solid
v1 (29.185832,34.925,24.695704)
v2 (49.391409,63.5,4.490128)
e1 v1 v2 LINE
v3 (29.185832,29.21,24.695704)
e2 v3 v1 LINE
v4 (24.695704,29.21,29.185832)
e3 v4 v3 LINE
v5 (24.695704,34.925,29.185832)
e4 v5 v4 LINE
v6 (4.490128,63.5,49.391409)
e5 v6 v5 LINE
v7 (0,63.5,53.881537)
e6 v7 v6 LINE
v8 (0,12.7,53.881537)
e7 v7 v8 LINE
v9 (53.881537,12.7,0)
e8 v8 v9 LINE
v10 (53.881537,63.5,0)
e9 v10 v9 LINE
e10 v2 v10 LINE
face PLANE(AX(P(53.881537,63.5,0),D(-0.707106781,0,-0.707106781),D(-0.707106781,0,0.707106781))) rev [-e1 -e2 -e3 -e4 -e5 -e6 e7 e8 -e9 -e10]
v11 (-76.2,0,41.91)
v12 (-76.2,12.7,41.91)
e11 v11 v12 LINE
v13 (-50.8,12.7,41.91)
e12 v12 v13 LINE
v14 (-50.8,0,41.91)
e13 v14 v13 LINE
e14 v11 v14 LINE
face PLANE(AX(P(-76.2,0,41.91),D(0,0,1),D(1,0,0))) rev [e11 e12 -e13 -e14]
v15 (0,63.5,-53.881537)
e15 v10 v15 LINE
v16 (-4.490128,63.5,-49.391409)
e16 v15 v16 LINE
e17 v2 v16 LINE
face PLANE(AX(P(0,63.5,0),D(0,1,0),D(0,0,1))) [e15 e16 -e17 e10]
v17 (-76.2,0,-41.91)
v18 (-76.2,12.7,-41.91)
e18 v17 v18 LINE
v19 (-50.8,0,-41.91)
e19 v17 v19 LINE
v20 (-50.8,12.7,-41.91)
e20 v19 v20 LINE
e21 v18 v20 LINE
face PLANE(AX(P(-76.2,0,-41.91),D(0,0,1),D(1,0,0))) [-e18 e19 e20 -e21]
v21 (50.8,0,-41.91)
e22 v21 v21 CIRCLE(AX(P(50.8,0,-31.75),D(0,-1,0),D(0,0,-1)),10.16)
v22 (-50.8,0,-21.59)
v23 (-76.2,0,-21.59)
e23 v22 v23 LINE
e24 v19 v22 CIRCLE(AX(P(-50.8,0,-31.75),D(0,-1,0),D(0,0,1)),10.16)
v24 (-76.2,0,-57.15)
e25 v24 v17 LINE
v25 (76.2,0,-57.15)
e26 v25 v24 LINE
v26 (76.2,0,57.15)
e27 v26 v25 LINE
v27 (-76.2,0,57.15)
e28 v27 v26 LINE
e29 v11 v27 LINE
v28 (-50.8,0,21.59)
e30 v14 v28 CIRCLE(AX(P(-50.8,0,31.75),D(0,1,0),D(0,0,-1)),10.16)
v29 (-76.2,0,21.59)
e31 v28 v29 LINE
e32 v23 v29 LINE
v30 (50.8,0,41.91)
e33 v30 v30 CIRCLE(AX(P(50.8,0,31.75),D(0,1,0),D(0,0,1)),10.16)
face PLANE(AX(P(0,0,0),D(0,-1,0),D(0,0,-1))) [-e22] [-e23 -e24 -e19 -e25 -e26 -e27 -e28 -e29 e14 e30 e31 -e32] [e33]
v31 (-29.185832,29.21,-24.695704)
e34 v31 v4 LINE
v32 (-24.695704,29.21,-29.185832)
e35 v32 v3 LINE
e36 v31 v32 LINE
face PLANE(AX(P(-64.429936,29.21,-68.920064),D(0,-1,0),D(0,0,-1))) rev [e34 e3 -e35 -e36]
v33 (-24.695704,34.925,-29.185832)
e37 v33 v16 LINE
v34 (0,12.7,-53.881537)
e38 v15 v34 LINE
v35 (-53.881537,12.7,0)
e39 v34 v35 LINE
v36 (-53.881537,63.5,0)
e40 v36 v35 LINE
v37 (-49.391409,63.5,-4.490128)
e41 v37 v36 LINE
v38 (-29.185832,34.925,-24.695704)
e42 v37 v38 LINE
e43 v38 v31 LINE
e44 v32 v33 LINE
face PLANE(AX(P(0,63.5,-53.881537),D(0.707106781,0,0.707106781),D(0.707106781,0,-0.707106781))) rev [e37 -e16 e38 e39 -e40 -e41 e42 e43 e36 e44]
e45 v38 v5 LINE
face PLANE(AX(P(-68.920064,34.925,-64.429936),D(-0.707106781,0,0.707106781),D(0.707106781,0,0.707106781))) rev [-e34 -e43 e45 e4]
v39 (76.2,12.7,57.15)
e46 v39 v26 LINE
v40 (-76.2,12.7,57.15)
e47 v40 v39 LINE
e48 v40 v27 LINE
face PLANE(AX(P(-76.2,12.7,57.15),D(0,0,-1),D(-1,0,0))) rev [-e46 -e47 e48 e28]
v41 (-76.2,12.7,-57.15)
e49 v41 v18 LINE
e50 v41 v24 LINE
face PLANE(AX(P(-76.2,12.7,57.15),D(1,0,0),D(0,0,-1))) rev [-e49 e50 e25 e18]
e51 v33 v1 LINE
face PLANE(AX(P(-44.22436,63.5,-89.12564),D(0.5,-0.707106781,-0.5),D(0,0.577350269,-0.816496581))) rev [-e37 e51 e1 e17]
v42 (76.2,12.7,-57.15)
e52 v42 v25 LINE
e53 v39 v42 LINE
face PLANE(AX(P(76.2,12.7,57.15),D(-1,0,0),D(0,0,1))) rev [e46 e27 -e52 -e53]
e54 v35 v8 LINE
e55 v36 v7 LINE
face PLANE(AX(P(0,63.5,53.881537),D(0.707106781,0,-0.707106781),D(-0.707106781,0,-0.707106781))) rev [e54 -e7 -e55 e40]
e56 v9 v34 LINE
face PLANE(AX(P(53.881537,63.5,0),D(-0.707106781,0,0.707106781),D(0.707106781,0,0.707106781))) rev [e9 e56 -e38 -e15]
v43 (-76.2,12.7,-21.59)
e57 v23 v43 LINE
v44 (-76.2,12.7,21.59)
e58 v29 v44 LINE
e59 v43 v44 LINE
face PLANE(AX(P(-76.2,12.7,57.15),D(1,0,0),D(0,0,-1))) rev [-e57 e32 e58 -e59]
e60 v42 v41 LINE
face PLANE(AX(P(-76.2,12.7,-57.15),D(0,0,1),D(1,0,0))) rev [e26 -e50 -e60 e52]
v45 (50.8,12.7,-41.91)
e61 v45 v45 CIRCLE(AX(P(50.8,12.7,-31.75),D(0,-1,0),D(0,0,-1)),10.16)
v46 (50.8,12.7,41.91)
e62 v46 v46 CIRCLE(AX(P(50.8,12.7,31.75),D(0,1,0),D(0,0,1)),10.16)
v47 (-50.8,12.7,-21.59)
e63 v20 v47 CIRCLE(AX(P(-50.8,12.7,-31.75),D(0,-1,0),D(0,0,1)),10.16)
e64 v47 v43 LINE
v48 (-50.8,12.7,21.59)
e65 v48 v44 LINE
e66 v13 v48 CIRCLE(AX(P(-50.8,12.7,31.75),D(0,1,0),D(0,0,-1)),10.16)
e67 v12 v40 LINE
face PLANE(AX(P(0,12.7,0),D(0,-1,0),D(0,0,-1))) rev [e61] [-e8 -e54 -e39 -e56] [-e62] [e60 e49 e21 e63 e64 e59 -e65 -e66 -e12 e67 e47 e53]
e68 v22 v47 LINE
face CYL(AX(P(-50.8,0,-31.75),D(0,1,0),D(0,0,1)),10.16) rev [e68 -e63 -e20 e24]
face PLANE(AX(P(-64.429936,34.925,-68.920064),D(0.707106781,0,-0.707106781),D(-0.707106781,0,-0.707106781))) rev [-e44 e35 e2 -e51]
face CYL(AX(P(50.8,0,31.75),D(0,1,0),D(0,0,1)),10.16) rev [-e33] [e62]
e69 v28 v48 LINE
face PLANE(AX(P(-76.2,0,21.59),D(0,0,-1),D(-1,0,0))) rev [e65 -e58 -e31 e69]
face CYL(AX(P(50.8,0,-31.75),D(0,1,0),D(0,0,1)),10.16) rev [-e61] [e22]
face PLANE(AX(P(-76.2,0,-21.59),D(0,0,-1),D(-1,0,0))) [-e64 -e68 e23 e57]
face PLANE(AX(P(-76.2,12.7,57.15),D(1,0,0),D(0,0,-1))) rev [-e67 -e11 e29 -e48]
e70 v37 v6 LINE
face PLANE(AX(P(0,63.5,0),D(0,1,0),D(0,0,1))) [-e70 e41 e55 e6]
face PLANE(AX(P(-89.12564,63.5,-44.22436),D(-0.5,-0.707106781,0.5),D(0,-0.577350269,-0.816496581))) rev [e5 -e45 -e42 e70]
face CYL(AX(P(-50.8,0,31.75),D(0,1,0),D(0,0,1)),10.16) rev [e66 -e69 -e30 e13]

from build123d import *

# Parameters (mm, degrees)
CROQUIS1_W              = 152.4
CROQUIS1_H              = 114.3
SALIENTE_EXTRUIR1_DEPTH = 12.7
CROQUIS3_R              = 10.16
CORTAR_EXTRUIR1_DEPTH   = 97.092936785
SALIENTE_EXTRUIR2_DEPTH = 50.8
CORTAR_EXTRUIR2_DEPTH   = 148.45007773


with BuildPart() as part:
    # Croquis1 → Saliente-Extruir1 (new body)
    with BuildSketch(Plane(origin=(0, 0, 0), x_dir=(1, 0, 0), z_dir=(0, 1, 0))):
        Rectangle(CROQUIS1_W, CROQUIS1_H)
    extrude(amount=SALIENTE_EXTRUIR1_DEPTH)

    # Croquis3 → Cortar-Extruir1 (cut, through all)
    with BuildSketch(Plane(origin=(0, 12.7, 0), x_dir=(1, 0, 0), z_dir=(0, 1, 0))):
        with Locations(Location((50.8, -31.75, 0), (0, 0, 270))):
            Circle(CROQUIS3_R)
        with BuildLine():
            Line((-76.2, -21.59), (-50.8, -21.59))
            ThreePointArc((-50.8, -21.59), (-40.64, -31.75), (-50.8, -41.91))
            Line((-50.8, -41.91), (-76.2, -41.91))
            Line((-76.2, -41.91), (-76.2, -21.59))
        make_face()
    cortar_extruir1 = extrude(amount=-CORTAR_EXTRUIR1_DEPTH, mode=Mode.SUBTRACT)

    # Simetría1: Cortar-Extruir1 across plane
    add(cortar_extruir1.mirror(Plane.XY), mode=Mode.SUBTRACT)

    # Croquis4 → Saliente-Extruir2 (add)
    with BuildSketch(Plane(origin=(0, 12.7, 0), x_dir=(1, 0, 0), z_dir=(0, 1, 0))):
        Polygon((53.881536726, 0), (0, -53.881536726), (-53.881536726, 0), (0, 53.881536726), align=None)
    extrude(amount=SALIENTE_EXTRUIR2_DEPTH)

    # Croquis5 → Cortar-Extruir2 (cut, through all)
    with BuildSketch(Plane(origin=(26.940768363, 0, 26.940768363), x_dir=(0.7071067811865464, 0, -0.7071067811865488), z_dir=(0.7071067811865488, 0, 0.7071067811865464))):
        Polygon((-31.75, 63.5), (31.75, 63.5), (3.175, 34.925), (3.175, 29.21), (-3.175, 29.21), (-3.175, 34.925), align=None)
    extrude(amount=-CORTAR_EXTRUIR2_DEPTH, mode=Mode.SUBTRACT)


solid = part.part
